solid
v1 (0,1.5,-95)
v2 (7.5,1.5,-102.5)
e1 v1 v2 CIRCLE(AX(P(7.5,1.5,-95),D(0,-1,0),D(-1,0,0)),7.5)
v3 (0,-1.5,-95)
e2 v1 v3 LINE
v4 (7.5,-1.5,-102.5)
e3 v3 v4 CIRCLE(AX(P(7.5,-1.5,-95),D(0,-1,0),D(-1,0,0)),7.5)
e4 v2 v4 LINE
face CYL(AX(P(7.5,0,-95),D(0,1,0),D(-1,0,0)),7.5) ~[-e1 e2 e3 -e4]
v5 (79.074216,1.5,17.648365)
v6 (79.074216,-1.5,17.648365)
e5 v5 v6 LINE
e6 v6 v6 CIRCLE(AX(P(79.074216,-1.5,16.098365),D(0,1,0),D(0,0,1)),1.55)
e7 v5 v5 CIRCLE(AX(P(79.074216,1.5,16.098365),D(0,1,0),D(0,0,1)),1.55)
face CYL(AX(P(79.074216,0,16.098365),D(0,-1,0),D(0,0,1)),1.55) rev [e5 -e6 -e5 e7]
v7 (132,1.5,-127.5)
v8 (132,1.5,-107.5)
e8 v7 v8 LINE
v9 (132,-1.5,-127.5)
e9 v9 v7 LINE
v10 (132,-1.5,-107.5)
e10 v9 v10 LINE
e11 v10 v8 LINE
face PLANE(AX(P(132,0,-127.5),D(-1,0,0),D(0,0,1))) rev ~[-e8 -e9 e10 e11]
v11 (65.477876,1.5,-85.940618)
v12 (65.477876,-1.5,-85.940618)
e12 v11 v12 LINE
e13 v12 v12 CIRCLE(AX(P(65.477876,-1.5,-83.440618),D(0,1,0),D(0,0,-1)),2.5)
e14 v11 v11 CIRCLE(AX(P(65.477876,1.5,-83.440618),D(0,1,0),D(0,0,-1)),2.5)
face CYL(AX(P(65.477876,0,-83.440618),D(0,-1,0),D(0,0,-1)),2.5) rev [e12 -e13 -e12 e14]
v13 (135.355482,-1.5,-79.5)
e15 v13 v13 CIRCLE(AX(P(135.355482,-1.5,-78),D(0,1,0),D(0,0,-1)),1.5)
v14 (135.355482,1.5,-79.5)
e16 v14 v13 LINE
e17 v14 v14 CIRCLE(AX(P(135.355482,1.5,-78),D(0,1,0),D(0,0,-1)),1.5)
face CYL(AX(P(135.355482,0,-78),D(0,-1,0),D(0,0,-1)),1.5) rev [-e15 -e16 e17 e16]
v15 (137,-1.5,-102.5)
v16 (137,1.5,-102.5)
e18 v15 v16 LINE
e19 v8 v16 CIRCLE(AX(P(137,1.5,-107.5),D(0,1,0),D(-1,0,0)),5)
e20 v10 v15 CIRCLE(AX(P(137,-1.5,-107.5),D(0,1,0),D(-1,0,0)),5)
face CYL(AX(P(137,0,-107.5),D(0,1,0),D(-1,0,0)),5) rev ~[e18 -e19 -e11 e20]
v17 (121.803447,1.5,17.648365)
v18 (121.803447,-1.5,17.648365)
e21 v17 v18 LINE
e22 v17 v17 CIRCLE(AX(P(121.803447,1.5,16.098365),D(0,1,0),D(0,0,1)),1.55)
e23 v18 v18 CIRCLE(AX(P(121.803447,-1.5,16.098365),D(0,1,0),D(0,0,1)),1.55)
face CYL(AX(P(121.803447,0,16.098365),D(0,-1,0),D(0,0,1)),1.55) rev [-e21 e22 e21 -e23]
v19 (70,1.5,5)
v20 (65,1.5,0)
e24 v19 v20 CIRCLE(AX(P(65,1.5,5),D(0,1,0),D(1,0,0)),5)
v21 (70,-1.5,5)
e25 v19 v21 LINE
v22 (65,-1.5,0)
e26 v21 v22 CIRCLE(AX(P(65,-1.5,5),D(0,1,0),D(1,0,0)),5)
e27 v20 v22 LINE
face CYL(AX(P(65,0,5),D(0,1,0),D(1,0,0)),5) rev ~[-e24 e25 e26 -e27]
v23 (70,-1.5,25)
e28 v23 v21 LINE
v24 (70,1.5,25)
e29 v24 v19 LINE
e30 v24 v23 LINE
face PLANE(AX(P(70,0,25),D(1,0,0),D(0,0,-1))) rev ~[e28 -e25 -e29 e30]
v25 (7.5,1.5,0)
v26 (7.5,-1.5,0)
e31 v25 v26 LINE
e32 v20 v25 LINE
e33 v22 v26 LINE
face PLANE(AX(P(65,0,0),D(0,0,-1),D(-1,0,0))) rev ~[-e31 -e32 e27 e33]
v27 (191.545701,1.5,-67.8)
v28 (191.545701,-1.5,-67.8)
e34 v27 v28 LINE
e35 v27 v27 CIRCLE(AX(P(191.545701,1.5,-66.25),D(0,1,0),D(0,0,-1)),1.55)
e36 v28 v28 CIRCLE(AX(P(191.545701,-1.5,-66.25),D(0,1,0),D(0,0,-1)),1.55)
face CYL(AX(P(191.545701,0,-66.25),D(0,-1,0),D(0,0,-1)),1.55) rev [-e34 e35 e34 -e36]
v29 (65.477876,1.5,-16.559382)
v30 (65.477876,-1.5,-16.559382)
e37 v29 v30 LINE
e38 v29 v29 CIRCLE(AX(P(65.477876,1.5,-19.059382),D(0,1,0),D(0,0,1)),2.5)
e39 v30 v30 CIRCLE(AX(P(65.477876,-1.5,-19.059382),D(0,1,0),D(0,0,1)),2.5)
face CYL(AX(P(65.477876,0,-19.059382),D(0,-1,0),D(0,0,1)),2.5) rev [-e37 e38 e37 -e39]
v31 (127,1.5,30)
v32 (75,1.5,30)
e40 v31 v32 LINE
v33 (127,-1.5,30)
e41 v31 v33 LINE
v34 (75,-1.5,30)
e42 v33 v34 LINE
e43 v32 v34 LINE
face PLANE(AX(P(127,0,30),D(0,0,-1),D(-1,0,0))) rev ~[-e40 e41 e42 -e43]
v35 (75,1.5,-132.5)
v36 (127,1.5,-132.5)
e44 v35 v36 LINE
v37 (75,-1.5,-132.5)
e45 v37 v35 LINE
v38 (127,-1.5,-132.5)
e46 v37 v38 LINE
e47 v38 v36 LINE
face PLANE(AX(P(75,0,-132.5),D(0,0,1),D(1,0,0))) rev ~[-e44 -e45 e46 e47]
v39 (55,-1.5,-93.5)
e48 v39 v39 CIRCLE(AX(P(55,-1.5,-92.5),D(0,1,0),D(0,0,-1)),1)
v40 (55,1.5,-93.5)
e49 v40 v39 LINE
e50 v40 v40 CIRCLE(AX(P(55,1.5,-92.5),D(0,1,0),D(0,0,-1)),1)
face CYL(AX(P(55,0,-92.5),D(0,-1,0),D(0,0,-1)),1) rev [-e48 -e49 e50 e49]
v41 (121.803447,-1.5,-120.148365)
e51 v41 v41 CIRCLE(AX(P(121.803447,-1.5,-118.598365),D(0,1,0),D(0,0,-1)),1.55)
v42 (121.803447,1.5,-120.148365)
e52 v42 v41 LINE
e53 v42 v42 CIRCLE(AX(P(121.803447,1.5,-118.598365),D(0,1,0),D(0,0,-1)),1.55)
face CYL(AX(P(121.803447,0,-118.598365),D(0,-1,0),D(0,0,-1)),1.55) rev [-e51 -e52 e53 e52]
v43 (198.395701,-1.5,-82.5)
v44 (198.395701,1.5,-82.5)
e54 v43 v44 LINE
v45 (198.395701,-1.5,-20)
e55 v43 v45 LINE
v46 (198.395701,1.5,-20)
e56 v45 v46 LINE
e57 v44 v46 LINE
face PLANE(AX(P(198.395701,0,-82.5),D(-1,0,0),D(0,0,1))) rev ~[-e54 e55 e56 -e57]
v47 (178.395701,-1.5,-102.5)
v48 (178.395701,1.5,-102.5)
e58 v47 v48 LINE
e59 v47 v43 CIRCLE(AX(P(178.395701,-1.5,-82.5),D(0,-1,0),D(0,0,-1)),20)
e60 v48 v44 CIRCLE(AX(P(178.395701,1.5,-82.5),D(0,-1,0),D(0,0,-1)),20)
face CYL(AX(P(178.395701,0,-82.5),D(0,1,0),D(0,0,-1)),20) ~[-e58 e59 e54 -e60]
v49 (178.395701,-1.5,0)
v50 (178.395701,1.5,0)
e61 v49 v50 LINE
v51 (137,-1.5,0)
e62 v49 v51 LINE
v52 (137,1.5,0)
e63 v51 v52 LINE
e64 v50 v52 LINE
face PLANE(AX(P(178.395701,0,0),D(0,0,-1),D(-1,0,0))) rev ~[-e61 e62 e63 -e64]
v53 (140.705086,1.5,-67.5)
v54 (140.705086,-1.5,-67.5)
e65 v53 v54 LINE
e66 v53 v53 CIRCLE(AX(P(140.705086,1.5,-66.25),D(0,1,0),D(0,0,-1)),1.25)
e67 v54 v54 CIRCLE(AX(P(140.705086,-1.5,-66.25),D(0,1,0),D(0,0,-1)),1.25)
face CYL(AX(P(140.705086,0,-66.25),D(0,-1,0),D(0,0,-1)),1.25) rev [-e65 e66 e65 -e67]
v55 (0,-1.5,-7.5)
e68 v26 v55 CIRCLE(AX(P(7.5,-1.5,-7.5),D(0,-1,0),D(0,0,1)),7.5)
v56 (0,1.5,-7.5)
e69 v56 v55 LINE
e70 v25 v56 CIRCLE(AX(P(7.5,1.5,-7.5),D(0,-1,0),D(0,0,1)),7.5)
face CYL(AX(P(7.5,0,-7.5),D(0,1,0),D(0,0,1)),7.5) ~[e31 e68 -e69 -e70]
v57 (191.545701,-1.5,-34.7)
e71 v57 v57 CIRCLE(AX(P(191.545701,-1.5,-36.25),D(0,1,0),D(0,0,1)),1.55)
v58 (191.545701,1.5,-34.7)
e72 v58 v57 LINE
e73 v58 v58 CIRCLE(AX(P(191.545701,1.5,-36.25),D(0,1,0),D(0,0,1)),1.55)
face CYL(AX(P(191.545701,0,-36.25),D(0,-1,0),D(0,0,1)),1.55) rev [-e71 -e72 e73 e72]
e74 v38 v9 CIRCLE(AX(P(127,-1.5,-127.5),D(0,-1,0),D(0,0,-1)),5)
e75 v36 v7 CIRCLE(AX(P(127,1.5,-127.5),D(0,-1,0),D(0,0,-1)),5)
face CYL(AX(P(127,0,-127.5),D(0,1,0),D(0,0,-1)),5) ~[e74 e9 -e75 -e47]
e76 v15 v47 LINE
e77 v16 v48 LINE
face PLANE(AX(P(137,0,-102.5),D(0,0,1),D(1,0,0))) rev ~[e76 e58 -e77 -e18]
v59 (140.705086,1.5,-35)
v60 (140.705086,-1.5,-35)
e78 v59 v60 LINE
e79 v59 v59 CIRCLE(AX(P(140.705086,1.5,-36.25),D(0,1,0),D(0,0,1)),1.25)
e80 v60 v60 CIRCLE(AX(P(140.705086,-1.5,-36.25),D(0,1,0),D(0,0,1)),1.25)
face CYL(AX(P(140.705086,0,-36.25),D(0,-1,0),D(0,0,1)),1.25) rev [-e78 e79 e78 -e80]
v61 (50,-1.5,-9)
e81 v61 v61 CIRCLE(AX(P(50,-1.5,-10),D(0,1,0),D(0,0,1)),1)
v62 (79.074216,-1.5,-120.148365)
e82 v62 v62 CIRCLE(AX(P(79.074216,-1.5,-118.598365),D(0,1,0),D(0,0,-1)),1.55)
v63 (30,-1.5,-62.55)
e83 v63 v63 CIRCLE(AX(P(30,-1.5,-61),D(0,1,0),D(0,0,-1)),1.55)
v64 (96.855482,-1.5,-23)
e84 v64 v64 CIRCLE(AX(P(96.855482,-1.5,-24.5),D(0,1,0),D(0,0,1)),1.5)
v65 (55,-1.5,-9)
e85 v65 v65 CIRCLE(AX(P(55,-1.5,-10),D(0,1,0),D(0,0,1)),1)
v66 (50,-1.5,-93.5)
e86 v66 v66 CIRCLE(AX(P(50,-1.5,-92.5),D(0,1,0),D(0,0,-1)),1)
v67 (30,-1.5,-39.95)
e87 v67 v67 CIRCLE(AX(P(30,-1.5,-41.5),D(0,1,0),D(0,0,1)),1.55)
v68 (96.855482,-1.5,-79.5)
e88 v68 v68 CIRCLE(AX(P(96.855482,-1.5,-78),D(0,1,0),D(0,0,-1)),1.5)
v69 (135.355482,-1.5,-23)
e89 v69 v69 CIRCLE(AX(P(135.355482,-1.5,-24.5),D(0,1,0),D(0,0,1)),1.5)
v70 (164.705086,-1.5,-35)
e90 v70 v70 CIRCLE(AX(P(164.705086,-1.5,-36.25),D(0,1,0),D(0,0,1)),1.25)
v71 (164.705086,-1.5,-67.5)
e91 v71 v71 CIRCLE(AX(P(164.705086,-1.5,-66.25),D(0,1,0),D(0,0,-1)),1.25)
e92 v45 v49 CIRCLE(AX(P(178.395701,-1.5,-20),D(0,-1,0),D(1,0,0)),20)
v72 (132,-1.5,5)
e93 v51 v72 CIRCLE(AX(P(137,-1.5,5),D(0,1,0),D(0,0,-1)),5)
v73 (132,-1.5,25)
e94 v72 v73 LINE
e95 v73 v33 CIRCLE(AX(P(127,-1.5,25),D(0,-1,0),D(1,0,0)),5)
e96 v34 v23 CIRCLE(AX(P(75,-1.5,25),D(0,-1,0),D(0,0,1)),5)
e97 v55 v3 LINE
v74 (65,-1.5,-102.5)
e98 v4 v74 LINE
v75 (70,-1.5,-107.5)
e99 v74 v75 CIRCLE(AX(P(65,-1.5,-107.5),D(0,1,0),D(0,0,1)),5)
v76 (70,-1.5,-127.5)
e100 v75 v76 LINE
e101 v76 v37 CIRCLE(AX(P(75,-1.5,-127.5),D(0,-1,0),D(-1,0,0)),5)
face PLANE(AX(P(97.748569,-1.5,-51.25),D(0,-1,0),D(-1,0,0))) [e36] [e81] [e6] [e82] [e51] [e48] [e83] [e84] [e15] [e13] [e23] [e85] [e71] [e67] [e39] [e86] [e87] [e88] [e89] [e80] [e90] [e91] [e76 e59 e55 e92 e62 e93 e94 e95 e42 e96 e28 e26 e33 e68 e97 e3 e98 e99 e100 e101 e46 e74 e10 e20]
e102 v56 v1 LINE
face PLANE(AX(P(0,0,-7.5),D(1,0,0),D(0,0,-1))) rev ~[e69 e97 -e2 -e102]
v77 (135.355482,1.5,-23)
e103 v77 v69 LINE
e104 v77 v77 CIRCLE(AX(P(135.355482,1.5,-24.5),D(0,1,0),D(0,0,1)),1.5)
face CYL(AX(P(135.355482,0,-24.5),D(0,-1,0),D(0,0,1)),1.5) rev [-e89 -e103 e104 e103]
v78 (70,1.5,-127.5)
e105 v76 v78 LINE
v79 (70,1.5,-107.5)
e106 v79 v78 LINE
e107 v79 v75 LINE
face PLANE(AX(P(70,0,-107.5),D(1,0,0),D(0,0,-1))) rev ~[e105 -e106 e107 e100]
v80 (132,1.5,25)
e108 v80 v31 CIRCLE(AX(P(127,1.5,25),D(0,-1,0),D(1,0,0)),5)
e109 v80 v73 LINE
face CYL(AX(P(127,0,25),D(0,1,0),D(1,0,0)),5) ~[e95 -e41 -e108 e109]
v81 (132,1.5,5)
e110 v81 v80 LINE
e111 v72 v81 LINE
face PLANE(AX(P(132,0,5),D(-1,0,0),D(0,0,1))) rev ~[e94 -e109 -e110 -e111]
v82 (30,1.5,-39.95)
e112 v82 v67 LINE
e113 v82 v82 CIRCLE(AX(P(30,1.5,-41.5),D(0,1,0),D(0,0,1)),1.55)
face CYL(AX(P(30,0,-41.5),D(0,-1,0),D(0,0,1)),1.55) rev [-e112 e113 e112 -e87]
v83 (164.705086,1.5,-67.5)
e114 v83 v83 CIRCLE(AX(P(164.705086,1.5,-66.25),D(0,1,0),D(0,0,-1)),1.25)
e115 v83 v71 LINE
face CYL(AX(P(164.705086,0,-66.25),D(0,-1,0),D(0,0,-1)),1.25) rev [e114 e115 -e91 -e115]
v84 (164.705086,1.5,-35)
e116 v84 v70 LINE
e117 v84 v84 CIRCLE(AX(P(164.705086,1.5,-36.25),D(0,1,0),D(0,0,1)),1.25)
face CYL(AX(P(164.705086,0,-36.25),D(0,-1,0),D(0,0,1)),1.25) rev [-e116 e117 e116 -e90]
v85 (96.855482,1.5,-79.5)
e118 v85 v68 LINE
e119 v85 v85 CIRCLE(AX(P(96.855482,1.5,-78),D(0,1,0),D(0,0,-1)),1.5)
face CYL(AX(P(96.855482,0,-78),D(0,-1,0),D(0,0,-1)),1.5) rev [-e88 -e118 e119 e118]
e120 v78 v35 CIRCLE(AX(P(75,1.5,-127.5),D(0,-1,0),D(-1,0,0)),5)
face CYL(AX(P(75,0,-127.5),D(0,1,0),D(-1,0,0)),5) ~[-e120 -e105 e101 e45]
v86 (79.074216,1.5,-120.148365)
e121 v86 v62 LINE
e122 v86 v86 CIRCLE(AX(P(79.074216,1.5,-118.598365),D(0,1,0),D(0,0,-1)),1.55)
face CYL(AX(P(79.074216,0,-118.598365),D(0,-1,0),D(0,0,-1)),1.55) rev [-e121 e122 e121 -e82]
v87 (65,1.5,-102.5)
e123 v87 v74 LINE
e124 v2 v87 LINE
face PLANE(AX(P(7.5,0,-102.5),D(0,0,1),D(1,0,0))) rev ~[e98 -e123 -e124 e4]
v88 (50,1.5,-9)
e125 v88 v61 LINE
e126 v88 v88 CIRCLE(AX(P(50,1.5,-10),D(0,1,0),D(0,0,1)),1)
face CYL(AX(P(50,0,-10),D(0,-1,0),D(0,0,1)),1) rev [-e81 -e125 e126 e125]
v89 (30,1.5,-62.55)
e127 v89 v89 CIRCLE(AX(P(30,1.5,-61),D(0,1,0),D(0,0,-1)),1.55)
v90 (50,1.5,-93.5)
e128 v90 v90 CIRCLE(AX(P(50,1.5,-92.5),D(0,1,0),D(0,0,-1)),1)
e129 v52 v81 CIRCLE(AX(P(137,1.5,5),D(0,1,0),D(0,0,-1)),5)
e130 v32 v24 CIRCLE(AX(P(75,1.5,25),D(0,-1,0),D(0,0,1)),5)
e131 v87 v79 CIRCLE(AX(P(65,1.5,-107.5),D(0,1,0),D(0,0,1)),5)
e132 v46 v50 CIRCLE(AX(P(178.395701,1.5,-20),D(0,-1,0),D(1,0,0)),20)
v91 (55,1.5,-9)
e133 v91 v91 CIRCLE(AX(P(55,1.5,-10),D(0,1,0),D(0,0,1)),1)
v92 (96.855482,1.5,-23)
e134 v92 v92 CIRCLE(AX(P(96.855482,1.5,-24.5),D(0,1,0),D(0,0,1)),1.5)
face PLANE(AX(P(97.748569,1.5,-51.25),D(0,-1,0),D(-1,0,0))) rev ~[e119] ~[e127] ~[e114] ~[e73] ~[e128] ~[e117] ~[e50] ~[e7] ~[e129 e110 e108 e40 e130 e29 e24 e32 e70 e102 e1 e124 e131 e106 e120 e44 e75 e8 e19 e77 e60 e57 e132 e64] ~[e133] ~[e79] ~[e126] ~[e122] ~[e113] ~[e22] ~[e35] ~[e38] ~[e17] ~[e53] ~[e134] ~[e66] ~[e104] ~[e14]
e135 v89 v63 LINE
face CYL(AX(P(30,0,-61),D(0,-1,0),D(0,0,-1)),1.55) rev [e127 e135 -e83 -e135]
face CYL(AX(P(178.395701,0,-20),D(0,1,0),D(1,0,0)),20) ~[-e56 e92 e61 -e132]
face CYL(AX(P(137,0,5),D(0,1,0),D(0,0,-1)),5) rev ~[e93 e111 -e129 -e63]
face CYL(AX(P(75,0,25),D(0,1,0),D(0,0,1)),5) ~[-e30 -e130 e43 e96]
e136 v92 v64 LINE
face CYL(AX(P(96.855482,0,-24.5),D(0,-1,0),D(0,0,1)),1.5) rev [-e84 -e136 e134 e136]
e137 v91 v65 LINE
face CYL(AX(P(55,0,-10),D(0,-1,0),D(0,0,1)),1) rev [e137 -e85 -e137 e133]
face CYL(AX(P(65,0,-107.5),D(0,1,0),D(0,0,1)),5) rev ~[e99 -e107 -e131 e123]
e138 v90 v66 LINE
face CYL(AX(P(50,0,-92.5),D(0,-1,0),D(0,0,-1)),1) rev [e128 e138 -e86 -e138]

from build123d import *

# Parameters (mm, degrees)
SKETCH_1_R      = 1.5
SKETCH_1_R_2    = 2.5
SKETCH_1_R_3    = 1.55
SKETCH_1_R_4    = 1.25
SKETCH_1_R_5    = 1
EXTRUDE_1_DEPTH = 1.5


with BuildPart() as part:
    # 草图1 → 凸台-拉伸1 (new, symmetric)
    with BuildSketch(Plane(origin=(0, 0, 0), x_dir=(1, 0, 0), z_dir=(0, 1, 0))):
        with BuildLine():
            Line((132, -5), (132, -25))
            ThreePointArc((132, -25), (130.535533906, -28.535533906), (127, -30))
            Line((127, -30), (75, -30))
            ThreePointArc((75, -30), (71.464466094, -28.535533906), (70, -25))
            Line((70, -25), (70, -5))
            ThreePointArc((70, -5), (68.535533906, -1.464466094), (65, 0))
            Line((65, 0), (7.5, 0))
            ThreePointArc((7.5, 0), (2.196699141, 2.196699141), (0, 7.5))
            Line((0, 7.5), (0, 95))
            ThreePointArc((0, 95), (2.196699141, 100.303300859), (7.5, 102.5))
            Line((7.5, 102.5), (65, 102.5))
            ThreePointArc((65, 102.5), (68.535533906, 103.964466094), (70, 107.5))
            Line((70, 107.5), (70, 127.5))
            ThreePointArc((70, 127.5), (71.464466094, 131.035533906), (75, 132.5))
            Line((75, 132.5), (127, 132.5))
            ThreePointArc((127, 132.5), (130.535533906, 131.035533906), (132, 127.5))
            Line((132, 127.5), (132, 107.5))
            ThreePointArc((132, 107.5), (133.464466094, 103.964466094), (137, 102.5))
            Line((137, 102.5), (178.395701384, 102.5))
            ThreePointArc((178.395701384, 102.5), (192.537837007, 96.642135624), (198.395701384, 82.5))
            Line((198.395701384, 82.5), (198.395701384, 20))
            ThreePointArc((198.395701384, 20), (192.537837007, 5.857864376), (178.395701384, 0))
            Line((178.395701384, 0), (137, 0))
            ThreePointArc((137, 0), (133.464466094, -1.464466094), (132, -5))
        make_face()
        with Locations(Location((96.855482095, 24.5, 0), (0, 0, 270))):
            Circle(SKETCH_1_R, mode=Mode.SUBTRACT)
        with Locations(Location((135.355482095, 24.5, 0), (0, 0, 270))):
            Circle(SKETCH_1_R, mode=Mode.SUBTRACT)
        with Locations(Location((65.477875917, 19.059382071, 0), (0, 0, 270))):
            Circle(SKETCH_1_R_2, mode=Mode.SUBTRACT)
        with Locations(Location((30, 41.5, 0), (0, 0, 270))):
            Circle(SKETCH_1_R_3, mode=Mode.SUBTRACT)
        with Locations(Location((140.705086193, 36.25, 0), (0, 0, 270))):
            Circle(SKETCH_1_R_4, mode=Mode.SUBTRACT)
        with Locations(Location((164.705086193, 36.25, 0), (0, 0, 270))):
            Circle(SKETCH_1_R_4, mode=Mode.SUBTRACT)
        with Locations(Location((79.074216313, -16.098364995, 0), (0, 0, 270))):
            Circle(SKETCH_1_R_3, mode=Mode.SUBTRACT)
        with Locations(Location((121.803446989, -16.098364995, 0), (0, 0, 270))):
            Circle(SKETCH_1_R_3, mode=Mode.SUBTRACT)
        with Locations(Location((50, 10, 0), (0, 0, 270))):
            Circle(SKETCH_1_R_5, mode=Mode.SUBTRACT)
        with Locations(Location((164.705086193, 66.25, 0), (0, 0, 90))):
            Circle(SKETCH_1_R_4, mode=Mode.SUBTRACT)
        with Locations(Location((140.705086193, 66.25, 0), (0, 0, 90))):
            Circle(SKETCH_1_R_4, mode=Mode.SUBTRACT)
        with Locations(Location((135.355482095, 78, 0), (0, 0, 90))):
            Circle(SKETCH_1_R, mode=Mode.SUBTRACT)
        with Locations(Location((96.855482095, 78, 0), (0, 0, 90))):
            Circle(SKETCH_1_R, mode=Mode.SUBTRACT)
        with Locations(Location((65.477875917, 83.440617929, 0), (0, 0, 90))):
            Circle(SKETCH_1_R_2, mode=Mode.SUBTRACT)
        with Locations(Location((50, 92.5, 0), (0, 0, 90))):
            Circle(SKETCH_1_R_5, mode=Mode.SUBTRACT)
        with Locations(Location((30, 61, 0), (0, 0, 90))):
            Circle(SKETCH_1_R_3, mode=Mode.SUBTRACT)
        with Locations(Location((55, 10, 0), (0, 0, 270))):
            Circle(SKETCH_1_R_5, mode=Mode.SUBTRACT)
        with Locations(Location((55, 92.5, 0), (0, 0, 90))):
            Circle(SKETCH_1_R_5, mode=Mode.SUBTRACT)
        with Locations(Location((121.803446989, 118.598364995, 0), (0, 0, 90))):
            Circle(SKETCH_1_R_3, mode=Mode.SUBTRACT)
        with Locations(Location((79.074216313, 118.598364995, 0), (0, 0, 90))):
            Circle(SKETCH_1_R_3, mode=Mode.SUBTRACT)
        with Locations(Location((191.545701384, 36.25, 0), (0, 0, 270))):
            Circle(SKETCH_1_R_3, mode=Mode.SUBTRACT)
        with Locations(Location((191.545701384, 66.25, 0), (0, 0, 90))):
            Circle(SKETCH_1_R_3, mode=Mode.SUBTRACT)
    extrude(amount=EXTRUDE_1_DEPTH, both=True)


solid = part.part
